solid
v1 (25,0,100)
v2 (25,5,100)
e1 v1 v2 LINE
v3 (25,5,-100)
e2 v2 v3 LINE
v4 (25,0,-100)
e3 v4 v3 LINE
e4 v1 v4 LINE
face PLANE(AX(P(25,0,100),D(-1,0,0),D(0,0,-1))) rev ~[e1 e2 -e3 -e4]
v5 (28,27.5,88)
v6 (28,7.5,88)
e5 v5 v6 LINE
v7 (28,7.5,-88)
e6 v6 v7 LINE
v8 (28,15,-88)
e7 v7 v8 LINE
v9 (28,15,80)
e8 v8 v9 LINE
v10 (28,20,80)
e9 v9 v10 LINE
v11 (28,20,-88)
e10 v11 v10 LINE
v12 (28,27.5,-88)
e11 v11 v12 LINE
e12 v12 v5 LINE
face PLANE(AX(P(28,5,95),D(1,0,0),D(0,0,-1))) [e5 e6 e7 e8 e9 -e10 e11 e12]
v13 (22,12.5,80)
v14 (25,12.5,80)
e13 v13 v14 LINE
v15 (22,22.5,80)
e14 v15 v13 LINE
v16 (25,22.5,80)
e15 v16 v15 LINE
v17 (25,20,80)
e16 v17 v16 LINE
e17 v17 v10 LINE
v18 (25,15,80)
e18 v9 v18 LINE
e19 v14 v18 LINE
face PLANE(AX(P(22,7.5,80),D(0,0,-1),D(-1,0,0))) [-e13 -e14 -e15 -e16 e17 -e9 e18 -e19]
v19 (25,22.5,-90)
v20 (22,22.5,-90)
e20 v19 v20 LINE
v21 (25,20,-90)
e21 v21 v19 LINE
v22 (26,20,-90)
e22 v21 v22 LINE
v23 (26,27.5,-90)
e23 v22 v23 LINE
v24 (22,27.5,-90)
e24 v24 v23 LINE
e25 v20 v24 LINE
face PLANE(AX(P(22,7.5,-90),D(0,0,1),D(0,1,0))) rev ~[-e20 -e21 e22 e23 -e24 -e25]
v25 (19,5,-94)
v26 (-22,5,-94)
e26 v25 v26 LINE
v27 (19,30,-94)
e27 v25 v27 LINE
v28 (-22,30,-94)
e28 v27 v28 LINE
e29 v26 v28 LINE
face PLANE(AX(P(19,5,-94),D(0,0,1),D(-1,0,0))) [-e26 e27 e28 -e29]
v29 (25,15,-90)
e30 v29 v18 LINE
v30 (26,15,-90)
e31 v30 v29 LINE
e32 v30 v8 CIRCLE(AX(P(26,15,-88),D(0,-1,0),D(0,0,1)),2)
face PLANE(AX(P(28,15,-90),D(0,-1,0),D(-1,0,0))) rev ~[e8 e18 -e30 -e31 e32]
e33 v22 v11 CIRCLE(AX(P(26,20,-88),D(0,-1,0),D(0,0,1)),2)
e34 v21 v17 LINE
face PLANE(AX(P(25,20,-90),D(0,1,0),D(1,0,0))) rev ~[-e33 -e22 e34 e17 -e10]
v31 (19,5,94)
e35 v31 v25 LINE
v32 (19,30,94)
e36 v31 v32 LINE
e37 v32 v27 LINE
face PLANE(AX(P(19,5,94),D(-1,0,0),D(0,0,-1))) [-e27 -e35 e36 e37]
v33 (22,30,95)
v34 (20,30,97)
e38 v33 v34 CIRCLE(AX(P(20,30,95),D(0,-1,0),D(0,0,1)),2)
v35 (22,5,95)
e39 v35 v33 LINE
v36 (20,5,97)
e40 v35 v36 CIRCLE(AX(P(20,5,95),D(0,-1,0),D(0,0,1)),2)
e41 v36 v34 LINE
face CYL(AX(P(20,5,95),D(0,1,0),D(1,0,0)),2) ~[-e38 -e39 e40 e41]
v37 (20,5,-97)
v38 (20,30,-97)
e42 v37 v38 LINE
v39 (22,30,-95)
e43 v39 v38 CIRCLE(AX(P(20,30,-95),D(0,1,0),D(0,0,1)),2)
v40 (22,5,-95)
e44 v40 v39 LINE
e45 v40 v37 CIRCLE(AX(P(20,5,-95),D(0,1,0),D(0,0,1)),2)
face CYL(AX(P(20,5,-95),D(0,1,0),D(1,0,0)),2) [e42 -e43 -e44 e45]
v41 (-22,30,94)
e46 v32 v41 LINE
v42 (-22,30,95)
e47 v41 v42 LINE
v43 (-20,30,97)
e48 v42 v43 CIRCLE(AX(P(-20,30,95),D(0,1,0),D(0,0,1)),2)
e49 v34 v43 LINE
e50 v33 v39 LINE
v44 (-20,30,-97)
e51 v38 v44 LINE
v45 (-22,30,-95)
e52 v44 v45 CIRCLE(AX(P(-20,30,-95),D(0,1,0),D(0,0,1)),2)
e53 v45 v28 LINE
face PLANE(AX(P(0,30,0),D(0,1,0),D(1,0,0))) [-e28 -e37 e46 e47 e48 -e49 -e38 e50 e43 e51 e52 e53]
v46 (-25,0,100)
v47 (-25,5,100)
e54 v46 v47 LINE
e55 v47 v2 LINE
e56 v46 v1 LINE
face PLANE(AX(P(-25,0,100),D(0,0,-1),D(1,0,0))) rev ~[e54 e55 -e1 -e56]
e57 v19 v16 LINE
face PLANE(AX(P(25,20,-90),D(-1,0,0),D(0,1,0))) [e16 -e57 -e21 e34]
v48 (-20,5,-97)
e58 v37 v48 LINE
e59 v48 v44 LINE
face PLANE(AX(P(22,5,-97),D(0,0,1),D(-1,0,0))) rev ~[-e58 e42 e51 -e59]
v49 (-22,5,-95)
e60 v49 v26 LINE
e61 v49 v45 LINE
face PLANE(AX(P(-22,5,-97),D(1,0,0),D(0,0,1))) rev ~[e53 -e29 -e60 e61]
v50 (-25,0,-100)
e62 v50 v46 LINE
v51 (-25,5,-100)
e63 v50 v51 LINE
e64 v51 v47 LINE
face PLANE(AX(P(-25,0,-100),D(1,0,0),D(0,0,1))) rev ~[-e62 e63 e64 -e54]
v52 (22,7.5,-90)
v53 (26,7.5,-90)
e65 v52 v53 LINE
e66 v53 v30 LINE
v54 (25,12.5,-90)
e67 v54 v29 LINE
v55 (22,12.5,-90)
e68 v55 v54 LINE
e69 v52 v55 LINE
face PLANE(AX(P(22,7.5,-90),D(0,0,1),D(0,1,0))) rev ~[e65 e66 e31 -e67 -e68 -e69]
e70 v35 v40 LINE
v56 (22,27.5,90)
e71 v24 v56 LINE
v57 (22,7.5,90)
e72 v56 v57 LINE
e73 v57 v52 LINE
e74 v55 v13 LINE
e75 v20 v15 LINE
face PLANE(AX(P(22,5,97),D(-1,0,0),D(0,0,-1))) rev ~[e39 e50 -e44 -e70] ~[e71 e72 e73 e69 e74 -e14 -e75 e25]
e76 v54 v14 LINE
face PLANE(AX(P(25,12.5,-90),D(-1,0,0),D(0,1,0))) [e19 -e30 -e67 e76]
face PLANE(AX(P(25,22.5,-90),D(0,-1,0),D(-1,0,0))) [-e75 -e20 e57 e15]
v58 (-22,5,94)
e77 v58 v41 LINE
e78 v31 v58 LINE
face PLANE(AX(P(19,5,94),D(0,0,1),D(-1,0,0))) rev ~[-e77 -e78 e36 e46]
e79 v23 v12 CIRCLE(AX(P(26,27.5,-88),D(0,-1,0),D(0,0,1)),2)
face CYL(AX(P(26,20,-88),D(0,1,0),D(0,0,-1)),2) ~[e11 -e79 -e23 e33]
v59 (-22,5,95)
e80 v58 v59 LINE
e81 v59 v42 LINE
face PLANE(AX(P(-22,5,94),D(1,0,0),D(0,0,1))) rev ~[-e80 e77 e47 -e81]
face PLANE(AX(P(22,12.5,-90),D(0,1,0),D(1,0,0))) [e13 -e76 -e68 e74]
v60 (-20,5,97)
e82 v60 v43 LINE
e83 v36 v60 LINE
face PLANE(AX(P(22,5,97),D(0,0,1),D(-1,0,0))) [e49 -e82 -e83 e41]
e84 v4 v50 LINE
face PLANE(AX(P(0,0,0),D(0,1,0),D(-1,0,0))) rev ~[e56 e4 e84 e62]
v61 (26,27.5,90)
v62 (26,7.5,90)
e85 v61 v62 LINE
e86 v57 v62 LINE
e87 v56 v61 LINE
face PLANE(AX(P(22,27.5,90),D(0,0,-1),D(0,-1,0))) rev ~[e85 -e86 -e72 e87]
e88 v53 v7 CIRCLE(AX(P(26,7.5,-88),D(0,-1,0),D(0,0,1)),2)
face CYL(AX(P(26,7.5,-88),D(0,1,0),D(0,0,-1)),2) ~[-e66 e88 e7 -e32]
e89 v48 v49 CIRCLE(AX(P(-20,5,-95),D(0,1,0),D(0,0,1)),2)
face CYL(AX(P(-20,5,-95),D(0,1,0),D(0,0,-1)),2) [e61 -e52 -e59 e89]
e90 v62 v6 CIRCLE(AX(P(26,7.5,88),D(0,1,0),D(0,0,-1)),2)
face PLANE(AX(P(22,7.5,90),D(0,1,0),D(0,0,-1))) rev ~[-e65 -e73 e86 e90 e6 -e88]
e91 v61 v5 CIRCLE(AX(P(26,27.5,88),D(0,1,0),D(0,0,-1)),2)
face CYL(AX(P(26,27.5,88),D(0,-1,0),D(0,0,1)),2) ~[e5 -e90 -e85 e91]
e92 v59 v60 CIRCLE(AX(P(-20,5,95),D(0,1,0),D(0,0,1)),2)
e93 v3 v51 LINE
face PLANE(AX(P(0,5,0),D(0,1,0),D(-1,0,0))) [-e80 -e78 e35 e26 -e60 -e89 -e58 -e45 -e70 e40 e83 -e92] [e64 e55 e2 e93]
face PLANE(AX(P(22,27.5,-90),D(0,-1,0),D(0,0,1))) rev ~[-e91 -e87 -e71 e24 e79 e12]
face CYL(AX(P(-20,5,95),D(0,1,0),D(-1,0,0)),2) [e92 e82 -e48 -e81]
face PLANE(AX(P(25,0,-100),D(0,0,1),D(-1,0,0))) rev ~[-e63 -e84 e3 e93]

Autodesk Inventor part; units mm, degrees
ref_plane "YZ Plane" through (0, 0, 0) normal (1, 0, 0) x (0, 1, 0)
ref_plane "XZ Plane" through (0, 0, 0) normal (0, 1, 0) x (-1, 0, 0)
ref_plane "XY Plane" through (0, 0, 0) normal (0, 0, 1) x (1, 0, 0)
sketch "Sketch1" plane through (0, 0, 0) normal (0, 1, 0) x (-1, 0, 0)
  line L0 (-25, -100) -> (25, -100)
  line L1 (25, -100) -> (25, 100)
  line L2 (25, 100) -> (-25, 100)
  line L3 (-25, 100) -> (-25, -100)
  line L4 (-25, -100) -> (25, 100) construction
  line L5 (25, -100) -> (-25, 100) construction
  point P0 (0, 0)
  dimension "d0" = 50
  dimension "d1" = 200
extrude "Extrusion1" add sketch "Sketch1" along normal blind 5
sketch "Sketch2" plane through (0, 5, 0) normal (0, 1, 0) x (1, 0, 0)
  line L0 (22, 97) -> (-22, 97)
  line L1 (22, -97) -> (22, 97)
  line L2 (-25, -100) -> (25, -100) projected
  line L3 (25, -100) -> (25, 100) projected
  line L4 (19, 94) -> (-22, 94)
  line L5 (19, -94) -> (19, 94)
  line L6 (25, 100) -> (-25, 100) projected
  line L7 (-22, 97) -> (-22, 94)
  line L8 (-25, 100) -> (-25, -100) projected
  line L9 (22, -97) -> (-22, -97)
  line L10 (22, -97) -> (66, -97) construction
  line L11 (19, -94) -> (-22, -94)
  line L12 (19, -94) -> (60, -94) construction
  line L13 (-22, -94) -> (-22, -97)
  point P0 (0, 0)
  dimension "d5" = 3
  dimension "d6" = 3
  dimension "d10" = 3
  dimension "d11" = 3
  dimension "d12" = 3
  dimension "d33" = 3
  dimension "d34" = 3
  dimension "d35" = 3
extrude "Extrusion2" add sketch "Sketch2" along normal blind 25 contours L1 L9 L13 L11 L5 L4 L7 L0
fillet "Fillet1" radius 2 4 edges at (22, 17.5, 97) (22, 17.5, -97) (-22, 17.5, -97) (-22, 17.5, 97)
sketch "Sketch3" plane through (22, 5, 95) normal (1, 0, 0) x (0, 0, -1)
  line L0 (185, 22.5) -> (5, 22.5)
  line L1 (5, 22.5) -> (5, 2.5)
  line L2 (5, 2.5) -> (185, 2.5)
  line L3 (185, 2.5) -> (185, 22.5)
  line L4 (185, 22.5) -> (5, 2.5) construction
  line L5 (5, 22.5) -> (185, 2.5) construction
  line L6 (-5, -5) -> (-5, 0) projected
  line L7 (195, -5) -> (195, 0) projected
  line L8 (0, 0) -> (0, 25) projected
  point P0 (95, -5)
  point P1 (95, 12.5)
  point P2 (0, 12.5)
  dimension "d15" = 10
  dimension "d16" = 10
  dimension "d17" = 20
  dimension "d18" = 10
extrude "Extrusion3" add sketch "Sketch3" along normal blind 6
sketch "Sketch4" plane through (22, 7.5, -90) normal (0, 0, -1) x (-1, 0, 0)
  line L0 (0, 20) -> (0, 0) projected
  line L1 (0, 20) -> (-6, 20) projected
  line L2 (-6, 0) -> (-6, 20) projected
  line L3 (0, 0) -> (-6, 0) projected
  line L4 (-6, 7.5) -> (-3, 7.5)
  line L5 (-3, 7.5) -> (-3, 12.5)
  line L6 (-3, 12.5) -> (-6, 12.5)
  line L7 (-6, 12.5) -> (-6, 7.5)
  line L8 (0, 5) -> (-3, 5)
  line L9 (-3, 5) -> (-3, 15)
  line L10 (-3, 15) -> (0, 15)
  line L11 (0, 15) -> (0, 5)
  point P0 (22, -7.5)
  point P1 (0, 15)
  point P2 (-3, 12.5)
  point P3 (-6, 12.5)
  point P4 (-3, 7.5)
  dimension "d22" = 3
  dimension "d23" = 3
  dimension "d24" = 2.5
  dimension "d25" = 2.5
  dimension "d26" = 5
  dimension "d27" = 5
extrude "Extrusion4" cut sketch "Sketch4" against normal blind 170 contours L0 L8 L9 L5 L10 | L6 L5 L4 L2
fillet "Fillet2" radius 2 3 edges at (28, 17.5, 90) (28, 23.75, -90) (28, 11.25, -90)
properties part number "module_valve"
